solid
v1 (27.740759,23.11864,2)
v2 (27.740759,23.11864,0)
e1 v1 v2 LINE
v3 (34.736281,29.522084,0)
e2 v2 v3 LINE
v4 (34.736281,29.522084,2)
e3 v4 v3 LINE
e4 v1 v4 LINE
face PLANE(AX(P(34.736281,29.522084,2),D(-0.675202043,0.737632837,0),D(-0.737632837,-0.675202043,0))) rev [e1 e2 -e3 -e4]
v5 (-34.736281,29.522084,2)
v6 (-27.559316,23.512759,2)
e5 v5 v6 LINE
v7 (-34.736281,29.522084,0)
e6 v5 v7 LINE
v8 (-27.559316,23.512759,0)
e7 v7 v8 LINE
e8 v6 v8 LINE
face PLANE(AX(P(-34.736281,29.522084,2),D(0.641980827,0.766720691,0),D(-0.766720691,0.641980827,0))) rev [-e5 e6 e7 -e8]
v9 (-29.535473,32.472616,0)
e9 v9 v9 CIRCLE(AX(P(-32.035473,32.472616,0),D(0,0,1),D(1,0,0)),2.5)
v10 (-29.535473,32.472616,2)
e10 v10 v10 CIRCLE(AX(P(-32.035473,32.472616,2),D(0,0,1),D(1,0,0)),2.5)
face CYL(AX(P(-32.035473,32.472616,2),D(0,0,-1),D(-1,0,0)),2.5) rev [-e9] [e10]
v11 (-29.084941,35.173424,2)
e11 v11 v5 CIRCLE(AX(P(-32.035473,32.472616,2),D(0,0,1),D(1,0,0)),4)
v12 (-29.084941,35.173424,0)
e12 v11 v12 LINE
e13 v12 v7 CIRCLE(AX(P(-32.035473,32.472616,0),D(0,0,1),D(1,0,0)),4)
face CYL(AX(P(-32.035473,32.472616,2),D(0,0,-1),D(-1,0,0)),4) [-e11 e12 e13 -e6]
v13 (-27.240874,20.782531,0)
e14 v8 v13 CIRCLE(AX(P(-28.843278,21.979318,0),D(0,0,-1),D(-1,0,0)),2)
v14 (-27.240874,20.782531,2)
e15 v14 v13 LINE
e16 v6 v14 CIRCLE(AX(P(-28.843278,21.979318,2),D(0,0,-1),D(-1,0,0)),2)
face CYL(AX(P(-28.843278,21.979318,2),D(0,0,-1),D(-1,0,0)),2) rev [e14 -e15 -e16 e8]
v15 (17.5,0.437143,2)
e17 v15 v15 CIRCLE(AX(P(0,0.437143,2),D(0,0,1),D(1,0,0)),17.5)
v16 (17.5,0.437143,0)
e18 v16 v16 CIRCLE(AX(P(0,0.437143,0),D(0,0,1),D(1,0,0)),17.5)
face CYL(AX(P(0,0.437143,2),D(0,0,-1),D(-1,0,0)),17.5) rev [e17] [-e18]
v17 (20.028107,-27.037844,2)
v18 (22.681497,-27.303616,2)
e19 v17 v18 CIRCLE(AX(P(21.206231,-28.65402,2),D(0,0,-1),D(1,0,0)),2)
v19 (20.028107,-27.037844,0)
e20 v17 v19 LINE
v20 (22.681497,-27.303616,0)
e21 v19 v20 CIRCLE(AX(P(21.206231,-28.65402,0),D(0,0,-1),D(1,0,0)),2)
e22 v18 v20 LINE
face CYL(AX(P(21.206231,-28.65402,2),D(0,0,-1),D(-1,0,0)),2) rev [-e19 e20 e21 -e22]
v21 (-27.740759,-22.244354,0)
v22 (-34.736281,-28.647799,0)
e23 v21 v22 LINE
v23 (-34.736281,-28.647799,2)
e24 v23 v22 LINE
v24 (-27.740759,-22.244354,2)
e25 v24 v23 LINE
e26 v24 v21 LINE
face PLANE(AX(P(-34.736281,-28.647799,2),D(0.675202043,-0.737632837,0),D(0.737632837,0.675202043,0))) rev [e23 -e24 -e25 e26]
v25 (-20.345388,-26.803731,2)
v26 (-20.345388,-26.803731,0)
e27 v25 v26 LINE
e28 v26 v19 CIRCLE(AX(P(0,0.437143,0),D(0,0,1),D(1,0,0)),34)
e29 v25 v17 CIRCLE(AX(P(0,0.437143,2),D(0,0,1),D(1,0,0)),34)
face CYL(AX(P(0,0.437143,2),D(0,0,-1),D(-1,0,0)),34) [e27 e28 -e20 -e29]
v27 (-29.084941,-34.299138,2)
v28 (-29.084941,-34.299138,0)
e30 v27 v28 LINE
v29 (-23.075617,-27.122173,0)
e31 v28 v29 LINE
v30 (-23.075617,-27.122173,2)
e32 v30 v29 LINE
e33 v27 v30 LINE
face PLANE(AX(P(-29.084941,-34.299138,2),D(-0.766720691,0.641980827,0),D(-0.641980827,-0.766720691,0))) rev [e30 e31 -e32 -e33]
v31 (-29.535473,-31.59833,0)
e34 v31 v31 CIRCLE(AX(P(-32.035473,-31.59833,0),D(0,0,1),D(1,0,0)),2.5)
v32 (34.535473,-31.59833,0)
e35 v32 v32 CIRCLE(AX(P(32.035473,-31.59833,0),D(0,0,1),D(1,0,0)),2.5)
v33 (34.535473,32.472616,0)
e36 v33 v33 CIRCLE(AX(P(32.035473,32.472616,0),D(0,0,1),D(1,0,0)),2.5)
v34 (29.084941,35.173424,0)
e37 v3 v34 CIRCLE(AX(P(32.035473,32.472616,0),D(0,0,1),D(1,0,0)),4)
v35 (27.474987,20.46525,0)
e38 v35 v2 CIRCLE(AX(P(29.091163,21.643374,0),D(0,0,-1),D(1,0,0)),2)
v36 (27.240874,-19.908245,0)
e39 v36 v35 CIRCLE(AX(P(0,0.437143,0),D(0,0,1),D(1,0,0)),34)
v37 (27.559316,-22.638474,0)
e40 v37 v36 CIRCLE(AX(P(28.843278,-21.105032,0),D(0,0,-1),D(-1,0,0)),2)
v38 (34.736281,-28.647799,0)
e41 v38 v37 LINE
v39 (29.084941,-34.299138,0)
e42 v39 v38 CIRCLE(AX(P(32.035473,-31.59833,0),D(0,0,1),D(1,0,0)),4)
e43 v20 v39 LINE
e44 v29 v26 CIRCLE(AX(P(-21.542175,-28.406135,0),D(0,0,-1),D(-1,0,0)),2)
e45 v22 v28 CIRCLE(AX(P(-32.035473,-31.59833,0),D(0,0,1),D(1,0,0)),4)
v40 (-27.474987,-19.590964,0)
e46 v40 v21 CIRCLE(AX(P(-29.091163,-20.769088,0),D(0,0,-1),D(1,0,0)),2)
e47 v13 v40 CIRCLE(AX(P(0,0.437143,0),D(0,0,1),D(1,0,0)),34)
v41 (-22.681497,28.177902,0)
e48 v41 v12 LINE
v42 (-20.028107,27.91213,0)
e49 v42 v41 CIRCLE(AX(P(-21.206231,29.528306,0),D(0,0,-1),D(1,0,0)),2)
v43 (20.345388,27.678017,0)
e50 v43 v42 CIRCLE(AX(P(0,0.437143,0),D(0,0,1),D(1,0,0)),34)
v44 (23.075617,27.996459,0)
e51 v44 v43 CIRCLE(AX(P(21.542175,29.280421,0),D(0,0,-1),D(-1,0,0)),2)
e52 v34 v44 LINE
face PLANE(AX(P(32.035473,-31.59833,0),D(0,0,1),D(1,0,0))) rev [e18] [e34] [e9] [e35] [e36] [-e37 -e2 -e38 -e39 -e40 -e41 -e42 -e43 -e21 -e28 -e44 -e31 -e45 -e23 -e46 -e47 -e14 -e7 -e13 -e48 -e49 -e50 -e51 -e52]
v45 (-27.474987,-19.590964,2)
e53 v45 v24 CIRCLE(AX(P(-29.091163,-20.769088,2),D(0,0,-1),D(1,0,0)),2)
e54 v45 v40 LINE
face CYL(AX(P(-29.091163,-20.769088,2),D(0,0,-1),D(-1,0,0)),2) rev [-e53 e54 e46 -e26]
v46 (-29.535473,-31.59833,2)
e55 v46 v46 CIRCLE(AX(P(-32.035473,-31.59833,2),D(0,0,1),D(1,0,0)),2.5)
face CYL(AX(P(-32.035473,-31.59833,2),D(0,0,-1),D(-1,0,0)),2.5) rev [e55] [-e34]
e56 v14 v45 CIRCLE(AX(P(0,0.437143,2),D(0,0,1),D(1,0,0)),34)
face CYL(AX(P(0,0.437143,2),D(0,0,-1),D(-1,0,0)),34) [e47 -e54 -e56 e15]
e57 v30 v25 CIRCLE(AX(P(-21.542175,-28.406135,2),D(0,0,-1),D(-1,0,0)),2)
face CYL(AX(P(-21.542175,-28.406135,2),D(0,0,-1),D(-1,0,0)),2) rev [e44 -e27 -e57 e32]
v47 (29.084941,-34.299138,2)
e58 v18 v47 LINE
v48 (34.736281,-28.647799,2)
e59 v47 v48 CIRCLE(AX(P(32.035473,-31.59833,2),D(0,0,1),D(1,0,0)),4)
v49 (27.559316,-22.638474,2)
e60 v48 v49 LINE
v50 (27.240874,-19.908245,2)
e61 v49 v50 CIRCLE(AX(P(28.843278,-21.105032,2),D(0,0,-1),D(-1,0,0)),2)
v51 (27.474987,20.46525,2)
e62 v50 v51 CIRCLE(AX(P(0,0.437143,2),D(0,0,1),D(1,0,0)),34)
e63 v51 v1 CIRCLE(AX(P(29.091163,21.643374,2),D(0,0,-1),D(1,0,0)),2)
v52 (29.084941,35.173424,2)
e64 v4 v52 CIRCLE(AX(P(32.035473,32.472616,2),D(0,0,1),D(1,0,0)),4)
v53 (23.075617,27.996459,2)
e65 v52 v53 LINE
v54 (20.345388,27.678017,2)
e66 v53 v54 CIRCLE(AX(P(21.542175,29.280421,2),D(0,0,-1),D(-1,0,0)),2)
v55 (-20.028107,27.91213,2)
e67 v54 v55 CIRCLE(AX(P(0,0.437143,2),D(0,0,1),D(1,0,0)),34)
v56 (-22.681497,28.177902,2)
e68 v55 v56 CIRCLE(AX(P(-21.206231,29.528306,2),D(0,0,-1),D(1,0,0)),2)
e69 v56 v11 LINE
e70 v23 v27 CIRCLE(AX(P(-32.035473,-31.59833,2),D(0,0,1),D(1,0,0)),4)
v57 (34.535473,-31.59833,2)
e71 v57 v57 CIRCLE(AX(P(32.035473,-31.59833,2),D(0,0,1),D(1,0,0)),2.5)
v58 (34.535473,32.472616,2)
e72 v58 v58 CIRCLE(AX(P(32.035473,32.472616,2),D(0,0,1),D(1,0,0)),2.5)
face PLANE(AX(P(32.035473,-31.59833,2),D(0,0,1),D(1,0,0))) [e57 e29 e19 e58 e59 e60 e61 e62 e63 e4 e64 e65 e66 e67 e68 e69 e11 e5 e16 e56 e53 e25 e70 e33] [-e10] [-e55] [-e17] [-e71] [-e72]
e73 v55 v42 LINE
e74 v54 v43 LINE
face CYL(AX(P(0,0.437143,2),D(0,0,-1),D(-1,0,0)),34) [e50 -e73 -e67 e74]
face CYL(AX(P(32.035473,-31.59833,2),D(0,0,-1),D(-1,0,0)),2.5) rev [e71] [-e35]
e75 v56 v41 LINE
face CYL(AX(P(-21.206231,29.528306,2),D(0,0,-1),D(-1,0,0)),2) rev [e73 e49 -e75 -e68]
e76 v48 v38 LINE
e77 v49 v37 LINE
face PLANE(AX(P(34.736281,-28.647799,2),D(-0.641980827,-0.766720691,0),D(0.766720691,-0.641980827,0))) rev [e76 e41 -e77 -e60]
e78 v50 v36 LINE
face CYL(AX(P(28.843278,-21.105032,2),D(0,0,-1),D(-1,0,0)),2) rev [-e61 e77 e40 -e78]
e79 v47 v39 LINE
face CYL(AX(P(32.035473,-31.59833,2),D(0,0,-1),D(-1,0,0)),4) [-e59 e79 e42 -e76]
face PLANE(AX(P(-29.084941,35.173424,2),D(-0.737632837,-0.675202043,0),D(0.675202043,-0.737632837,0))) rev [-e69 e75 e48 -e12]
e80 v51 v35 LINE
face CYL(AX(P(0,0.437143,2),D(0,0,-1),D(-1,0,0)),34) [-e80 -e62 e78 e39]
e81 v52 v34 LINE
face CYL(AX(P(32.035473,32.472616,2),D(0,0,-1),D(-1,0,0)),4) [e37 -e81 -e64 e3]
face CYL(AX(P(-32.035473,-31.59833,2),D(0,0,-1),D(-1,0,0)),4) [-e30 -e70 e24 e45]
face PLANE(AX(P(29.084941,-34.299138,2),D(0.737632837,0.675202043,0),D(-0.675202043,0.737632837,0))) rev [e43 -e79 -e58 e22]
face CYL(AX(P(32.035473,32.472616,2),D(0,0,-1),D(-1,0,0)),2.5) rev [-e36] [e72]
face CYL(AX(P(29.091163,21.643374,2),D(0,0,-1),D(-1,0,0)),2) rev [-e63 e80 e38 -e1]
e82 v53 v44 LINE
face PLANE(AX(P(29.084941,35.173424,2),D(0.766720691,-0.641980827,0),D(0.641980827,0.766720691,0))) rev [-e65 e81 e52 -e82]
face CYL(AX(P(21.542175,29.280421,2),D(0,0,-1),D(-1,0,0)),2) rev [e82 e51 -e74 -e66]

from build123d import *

# Parameters (mm, degrees)
SKETCH_1_R      = 2.5
SKETCH_1_R_2    = 17.5
EXTRUDE_1_DEPTH = 2


with BuildPart() as part:
    # 草图1 → 凸台-拉伸1 (new body)
    with BuildSketch(Plane.XY):
        with BuildLine():
            Line((29.084941375, -34.299138035), (22.681496979, -27.303615871))
            ThreePointArc((22.681496979, -27.303615871), (21.405560026, -26.66397773), (20.028107344, -27.037844244))
            ThreePointArc((20.028107344, -27.037844244), (-0.197152183, -33.562285535), (-20.34538772, -26.803730817))
            ThreePointArc((-20.34538772, -26.803730817), (-21.773876316, -26.419601836), (-23.075616614, -27.122173496))
            Line((-23.075616614, -27.122173496), (-29.084941375, -34.299138035))
            ThreePointArc((-29.084941375, -34.299138035), (-34.863899846, -34.426756989), (-34.736280892, -28.647798518))
            Line((-34.736280892, -28.647798518), (-27.740758728, -22.244354122))
            ThreePointArc((-27.740758728, -22.244354122), (-27.101120587, -20.968417169), (-27.474987101, -19.590964487))
            ThreePointArc((-27.474987101, -19.590964487), (-33.999428392, 0.634295041), (-27.240873674, 20.782530577))
            ThreePointArc((-27.240873674, 20.782530577), (-26.856744694, 22.211019173), (-27.559316353, 23.512759472))
            Line((-27.559316353, 23.512759472), (-34.736280892, 29.522084232))
            ThreePointArc((-34.736280892, 29.522084232), (-34.863899846, 35.301042704), (-29.084941375, 35.173423749))
            Line((-29.084941375, 35.173423749), (-22.681496979, 28.177901585))
            ThreePointArc((-22.681496979, 28.177901585), (-21.405560026, 27.538263444), (-20.028107344, 27.912129958))
            ThreePointArc((-20.028107344, 27.912129958), (0.197152183, 34.43657125), (20.34538772, 27.678016531))
            ThreePointArc((20.34538772, 27.678016531), (21.773876316, 27.293887551), (23.075616614, 27.99645921))
            Line((23.075616614, 27.99645921), (29.084941375, 35.173423749))
            ThreePointArc((29.084941375, 35.173423749), (34.863899846, 35.301042704), (34.736280892, 29.522084232))
            Line((34.736280892, 29.522084232), (27.740758728, 23.118639836))
            ThreePointArc((27.740758728, 23.118639836), (27.101120587, 21.842702883), (27.474987101, 20.465250201))
            ThreePointArc((27.474987101, 20.465250201), (33.999428392, 0.239990674), (27.240873674, -19.908244863))
            ThreePointArc((27.240873674, -19.908244863), (26.856744694, -21.336733459), (27.559316353, -22.638473757))
            Line((27.559316353, -22.638473757), (34.736280892, -28.647798518))
            ThreePointArc((34.736280892, -28.647798518), (34.863899846, -34.426756989), (29.084941375, -34.299138035))
        make_face()
        with Locations((32.035472722, -31.598329865)):
            Circle(SKETCH_1_R, mode=Mode.SUBTRACT)
        with Locations((-32.035472722, -31.598329865)):
            Circle(SKETCH_1_R, mode=Mode.SUBTRACT)
        with Locations((-32.035472722, 32.472615579)):
            Circle(SKETCH_1_R, mode=Mode.SUBTRACT)
        with Locations((32.035472722, 32.472615579)):
            Circle(SKETCH_1_R, mode=Mode.SUBTRACT)
        with Locations((0, 0.437142857)):
            Circle(SKETCH_1_R_2, mode=Mode.SUBTRACT)
    extrude(amount=EXTRUDE_1_DEPTH)


solid = part.part
